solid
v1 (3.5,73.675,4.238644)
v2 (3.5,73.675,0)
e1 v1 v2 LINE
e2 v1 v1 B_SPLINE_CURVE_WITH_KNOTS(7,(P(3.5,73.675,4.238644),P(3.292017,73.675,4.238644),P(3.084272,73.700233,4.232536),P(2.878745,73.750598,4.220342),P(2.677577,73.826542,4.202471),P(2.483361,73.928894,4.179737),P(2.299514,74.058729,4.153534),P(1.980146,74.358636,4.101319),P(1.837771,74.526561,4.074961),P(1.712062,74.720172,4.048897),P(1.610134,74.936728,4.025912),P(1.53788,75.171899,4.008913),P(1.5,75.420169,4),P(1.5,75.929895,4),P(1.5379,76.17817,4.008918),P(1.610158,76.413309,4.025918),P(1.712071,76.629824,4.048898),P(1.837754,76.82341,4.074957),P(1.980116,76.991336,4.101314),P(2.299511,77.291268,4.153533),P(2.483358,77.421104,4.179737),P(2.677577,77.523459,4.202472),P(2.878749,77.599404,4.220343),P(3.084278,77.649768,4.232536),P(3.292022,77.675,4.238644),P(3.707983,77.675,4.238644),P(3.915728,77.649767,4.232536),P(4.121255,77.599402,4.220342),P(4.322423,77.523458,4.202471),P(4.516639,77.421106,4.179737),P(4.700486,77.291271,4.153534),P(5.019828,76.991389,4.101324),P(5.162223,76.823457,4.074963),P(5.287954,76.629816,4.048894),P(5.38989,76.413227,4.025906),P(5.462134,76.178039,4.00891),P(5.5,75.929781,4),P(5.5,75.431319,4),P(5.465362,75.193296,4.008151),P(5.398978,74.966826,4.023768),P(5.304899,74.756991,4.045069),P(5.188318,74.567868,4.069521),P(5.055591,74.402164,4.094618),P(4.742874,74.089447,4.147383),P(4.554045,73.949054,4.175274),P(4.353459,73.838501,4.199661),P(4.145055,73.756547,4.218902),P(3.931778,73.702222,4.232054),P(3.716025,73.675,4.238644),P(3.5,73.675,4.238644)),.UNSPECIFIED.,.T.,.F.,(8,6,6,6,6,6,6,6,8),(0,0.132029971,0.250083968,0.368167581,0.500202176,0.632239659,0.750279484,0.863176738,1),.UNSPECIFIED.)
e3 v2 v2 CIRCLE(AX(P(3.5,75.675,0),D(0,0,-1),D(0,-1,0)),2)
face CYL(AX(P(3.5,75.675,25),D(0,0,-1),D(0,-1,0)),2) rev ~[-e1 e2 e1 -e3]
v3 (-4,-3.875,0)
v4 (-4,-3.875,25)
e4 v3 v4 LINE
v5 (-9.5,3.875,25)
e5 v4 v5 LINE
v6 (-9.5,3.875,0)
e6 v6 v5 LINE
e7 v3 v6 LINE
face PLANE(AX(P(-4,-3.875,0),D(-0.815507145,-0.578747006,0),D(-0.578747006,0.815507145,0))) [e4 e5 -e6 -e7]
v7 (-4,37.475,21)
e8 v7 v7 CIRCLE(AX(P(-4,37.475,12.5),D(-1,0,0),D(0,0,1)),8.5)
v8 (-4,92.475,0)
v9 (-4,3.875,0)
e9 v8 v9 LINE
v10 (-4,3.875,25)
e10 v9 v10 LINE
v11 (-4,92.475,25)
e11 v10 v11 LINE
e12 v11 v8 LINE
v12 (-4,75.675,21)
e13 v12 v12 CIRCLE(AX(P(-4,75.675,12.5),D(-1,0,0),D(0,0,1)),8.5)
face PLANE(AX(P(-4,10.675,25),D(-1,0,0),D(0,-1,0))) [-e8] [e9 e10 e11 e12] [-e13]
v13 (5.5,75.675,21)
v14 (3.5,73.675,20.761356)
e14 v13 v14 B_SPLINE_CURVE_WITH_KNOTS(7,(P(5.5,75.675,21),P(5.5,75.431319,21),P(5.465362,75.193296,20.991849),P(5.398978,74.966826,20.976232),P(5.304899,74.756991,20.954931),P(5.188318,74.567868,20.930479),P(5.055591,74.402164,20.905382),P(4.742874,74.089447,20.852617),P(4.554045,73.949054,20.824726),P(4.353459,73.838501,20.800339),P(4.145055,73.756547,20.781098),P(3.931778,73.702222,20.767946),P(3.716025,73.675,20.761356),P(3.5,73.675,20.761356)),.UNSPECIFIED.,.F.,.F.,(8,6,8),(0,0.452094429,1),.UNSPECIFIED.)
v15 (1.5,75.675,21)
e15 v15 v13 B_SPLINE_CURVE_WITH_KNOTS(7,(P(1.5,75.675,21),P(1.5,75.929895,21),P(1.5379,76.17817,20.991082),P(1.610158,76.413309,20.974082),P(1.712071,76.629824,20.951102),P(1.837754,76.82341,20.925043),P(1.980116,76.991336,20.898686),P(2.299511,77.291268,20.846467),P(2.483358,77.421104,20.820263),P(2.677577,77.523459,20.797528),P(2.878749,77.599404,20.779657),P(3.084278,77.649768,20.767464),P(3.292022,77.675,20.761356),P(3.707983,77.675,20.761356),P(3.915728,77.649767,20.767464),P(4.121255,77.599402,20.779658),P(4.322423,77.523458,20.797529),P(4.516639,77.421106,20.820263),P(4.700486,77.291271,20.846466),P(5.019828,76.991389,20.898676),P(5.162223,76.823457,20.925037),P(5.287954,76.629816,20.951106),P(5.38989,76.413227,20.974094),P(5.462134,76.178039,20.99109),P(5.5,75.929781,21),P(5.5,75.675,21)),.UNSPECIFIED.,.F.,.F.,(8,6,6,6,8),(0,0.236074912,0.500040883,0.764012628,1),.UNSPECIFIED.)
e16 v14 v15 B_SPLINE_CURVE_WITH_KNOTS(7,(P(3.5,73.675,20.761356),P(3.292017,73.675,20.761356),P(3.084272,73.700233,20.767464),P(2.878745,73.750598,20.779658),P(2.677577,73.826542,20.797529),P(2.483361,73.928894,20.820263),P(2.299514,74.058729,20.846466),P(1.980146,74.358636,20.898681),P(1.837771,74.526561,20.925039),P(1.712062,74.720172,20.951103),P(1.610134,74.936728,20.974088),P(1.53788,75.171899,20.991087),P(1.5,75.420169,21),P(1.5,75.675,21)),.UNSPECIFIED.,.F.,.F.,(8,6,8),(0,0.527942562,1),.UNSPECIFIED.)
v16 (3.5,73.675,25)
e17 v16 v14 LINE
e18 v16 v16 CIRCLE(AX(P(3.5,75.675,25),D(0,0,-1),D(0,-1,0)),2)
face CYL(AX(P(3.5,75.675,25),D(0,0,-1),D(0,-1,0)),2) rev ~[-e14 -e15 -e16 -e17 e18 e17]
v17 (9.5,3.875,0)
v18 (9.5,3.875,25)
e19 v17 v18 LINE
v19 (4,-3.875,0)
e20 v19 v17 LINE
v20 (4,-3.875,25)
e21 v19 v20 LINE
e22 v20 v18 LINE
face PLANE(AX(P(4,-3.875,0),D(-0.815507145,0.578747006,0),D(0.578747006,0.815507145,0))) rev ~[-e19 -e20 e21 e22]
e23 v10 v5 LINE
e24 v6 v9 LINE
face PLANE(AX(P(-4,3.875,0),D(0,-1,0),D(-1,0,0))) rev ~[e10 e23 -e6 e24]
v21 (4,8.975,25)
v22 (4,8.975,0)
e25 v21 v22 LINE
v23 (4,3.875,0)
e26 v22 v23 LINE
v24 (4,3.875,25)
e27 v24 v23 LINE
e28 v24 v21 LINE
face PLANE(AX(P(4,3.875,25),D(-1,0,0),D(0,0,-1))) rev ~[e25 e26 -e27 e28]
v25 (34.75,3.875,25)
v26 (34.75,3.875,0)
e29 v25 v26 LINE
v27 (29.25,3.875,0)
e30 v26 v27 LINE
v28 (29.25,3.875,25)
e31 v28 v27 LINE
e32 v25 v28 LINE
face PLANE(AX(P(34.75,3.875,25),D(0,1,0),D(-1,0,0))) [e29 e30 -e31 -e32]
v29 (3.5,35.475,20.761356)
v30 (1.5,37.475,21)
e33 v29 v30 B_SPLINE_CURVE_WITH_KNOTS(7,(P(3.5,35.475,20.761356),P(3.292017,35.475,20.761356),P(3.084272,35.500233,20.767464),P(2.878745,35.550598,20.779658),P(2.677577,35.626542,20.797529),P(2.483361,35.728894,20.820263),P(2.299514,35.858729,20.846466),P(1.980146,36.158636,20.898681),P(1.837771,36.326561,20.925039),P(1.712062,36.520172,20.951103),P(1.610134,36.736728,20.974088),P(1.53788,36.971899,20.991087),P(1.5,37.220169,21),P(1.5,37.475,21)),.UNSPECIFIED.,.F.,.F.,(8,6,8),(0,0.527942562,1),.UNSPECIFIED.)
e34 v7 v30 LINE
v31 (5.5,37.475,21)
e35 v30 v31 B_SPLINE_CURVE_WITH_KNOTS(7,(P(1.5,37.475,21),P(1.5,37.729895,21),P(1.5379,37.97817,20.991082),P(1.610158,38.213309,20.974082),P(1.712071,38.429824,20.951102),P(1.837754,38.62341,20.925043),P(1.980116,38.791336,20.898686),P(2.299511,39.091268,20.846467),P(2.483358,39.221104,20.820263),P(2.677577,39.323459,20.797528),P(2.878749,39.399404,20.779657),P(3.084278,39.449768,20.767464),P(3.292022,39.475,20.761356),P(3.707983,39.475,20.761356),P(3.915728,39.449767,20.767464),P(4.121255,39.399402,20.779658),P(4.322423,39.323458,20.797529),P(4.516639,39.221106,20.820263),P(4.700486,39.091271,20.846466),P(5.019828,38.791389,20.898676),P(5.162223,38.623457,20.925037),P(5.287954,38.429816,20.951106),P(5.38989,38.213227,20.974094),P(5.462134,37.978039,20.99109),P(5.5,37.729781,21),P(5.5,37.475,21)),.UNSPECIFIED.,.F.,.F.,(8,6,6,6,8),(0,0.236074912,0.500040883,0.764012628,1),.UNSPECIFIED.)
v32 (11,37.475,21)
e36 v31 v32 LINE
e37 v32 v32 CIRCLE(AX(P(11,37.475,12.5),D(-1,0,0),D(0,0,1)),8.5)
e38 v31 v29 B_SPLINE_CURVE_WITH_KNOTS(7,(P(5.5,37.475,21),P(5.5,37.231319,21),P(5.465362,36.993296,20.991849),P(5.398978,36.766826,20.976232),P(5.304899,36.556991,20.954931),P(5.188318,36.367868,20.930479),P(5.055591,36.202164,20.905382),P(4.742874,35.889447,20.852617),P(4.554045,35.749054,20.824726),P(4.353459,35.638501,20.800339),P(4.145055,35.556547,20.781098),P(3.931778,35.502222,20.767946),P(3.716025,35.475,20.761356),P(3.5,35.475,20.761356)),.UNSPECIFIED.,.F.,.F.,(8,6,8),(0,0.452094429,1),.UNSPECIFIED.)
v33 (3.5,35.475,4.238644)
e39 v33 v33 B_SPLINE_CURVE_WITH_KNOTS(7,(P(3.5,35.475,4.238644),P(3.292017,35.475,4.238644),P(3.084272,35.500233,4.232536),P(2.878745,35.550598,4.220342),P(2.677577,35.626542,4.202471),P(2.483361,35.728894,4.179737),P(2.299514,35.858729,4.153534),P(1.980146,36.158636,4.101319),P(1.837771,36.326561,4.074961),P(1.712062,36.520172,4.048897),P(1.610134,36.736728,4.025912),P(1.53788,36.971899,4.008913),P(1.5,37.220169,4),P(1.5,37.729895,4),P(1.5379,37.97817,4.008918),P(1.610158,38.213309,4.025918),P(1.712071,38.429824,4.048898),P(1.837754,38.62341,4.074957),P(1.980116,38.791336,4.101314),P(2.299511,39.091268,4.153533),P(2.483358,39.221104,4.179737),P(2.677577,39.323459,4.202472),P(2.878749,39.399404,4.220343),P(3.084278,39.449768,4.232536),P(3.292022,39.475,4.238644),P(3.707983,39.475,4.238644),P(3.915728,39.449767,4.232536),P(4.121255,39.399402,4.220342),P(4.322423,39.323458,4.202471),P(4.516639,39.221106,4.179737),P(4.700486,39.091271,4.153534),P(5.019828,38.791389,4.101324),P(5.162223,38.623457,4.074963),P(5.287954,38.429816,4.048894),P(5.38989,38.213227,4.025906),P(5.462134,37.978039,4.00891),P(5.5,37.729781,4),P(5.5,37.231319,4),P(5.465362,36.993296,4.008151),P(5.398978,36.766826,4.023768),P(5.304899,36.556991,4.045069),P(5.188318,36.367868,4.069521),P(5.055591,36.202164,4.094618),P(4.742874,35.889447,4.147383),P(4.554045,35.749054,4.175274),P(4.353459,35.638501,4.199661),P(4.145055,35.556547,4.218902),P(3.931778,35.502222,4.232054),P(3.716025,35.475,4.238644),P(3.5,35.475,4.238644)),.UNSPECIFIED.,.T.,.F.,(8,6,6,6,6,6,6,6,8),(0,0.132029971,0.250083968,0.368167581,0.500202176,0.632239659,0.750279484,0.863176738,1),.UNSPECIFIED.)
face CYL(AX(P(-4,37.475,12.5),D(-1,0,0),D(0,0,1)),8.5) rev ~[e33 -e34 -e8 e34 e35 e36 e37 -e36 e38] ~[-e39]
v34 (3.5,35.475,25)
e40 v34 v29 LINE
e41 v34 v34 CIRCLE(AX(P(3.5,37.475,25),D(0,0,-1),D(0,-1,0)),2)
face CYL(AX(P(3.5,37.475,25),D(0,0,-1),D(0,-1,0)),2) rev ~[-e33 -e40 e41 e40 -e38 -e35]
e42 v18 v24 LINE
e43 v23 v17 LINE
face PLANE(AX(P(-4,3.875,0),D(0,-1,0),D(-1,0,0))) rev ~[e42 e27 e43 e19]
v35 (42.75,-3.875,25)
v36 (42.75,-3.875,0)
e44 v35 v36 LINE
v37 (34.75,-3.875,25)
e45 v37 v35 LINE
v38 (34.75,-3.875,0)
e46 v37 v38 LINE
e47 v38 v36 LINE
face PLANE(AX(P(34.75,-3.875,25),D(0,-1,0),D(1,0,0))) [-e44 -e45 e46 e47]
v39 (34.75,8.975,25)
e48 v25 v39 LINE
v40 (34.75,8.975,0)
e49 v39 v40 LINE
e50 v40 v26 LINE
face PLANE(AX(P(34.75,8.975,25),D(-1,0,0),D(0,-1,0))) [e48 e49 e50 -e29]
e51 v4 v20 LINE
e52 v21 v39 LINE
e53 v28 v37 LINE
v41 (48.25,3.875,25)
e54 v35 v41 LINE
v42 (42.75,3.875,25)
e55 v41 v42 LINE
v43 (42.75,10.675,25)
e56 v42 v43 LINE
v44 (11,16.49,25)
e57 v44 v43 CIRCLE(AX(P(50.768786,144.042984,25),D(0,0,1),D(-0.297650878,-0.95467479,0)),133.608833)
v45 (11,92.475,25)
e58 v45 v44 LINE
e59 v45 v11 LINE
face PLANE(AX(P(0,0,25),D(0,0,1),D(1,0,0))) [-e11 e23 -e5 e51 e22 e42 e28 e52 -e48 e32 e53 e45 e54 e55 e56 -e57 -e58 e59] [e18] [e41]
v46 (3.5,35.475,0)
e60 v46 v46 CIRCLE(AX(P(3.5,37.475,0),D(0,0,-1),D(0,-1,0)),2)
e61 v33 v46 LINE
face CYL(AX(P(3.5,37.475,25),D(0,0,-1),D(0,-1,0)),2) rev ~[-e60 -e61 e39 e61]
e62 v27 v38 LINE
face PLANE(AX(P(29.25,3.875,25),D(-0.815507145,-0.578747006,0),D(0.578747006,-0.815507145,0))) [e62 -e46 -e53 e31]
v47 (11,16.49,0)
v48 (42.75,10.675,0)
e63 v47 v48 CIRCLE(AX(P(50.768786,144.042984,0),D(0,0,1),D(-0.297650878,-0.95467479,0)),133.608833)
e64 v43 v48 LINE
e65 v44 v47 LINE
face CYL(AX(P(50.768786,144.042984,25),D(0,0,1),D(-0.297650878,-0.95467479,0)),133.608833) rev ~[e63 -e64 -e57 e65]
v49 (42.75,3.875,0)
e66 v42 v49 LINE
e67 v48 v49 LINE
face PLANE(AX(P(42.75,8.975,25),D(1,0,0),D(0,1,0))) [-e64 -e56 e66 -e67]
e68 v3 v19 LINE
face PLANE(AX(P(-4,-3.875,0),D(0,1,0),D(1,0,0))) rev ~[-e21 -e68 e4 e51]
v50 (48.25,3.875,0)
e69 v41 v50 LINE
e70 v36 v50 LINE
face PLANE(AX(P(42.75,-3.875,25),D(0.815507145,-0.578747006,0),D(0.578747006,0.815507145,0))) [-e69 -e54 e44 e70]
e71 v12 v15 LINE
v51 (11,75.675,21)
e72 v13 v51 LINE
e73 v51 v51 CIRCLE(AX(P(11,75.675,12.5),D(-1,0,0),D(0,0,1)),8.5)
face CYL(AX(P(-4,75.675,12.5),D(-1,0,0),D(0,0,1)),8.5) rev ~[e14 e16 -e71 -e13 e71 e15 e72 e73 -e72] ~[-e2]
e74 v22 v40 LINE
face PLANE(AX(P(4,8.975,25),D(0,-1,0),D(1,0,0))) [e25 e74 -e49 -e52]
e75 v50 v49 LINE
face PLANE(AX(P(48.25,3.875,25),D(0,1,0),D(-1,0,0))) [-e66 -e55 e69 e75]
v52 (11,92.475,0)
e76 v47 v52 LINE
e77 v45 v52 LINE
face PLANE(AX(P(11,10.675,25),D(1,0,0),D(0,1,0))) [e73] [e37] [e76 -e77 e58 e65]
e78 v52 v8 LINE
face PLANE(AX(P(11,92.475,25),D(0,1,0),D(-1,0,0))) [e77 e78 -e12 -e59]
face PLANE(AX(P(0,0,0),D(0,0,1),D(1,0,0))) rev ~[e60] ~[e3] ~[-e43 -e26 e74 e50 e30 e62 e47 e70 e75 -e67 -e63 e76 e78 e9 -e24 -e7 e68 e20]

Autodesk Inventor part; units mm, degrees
ref_plane "YZ Plane" through (0, 0, 0) normal (1, 0, 0) x (0, 1, 0)
ref_plane "XZ Plane" through (0, 0, 0) normal (0, 1, 0) x (-1, 0, 0)
ref_plane "XY Plane" through (0, 0, 0) normal (0, 0, 1) x (1, 0, 0)
sketch "Sketch1" plane through (0, 0, 0) normal (0, 0, 1) x (1, 0, 0)
  line L0 (4, 3.875) -> (-4, 3.875)
  line L1 (-4, 3.875) -> (-4, -3.875)
  line L2 (-4, -3.875) -> (4, -3.875)
  line L3 (4, -3.875) -> (4, 3.875)
  line L4 (4, 3.875) -> (-4, -3.875) construction
  line L5 (-4, 3.875) -> (4, -3.875) construction
  line L6 (4, 3.875) -> (9.5, 3.875)
  line L7 (-4, 3.875) -> (-9.5, 3.875)
  line L8 (4, -3.875) -> (9.5, 3.875)
  line L9 (-4, -3.875) -> (-9.5, 3.875)
  point P0 (0, 0)
  point P1 (0, 3.875)
  dimension "d0" = 8
  dimension "d1" = 7.75
  dimension "d2" = 9.5
  dimension "d3" = 9.5
extrude "Extrusion1" add sketch "Sketch1" along normal blind 25
sketch "Sketch2" plane through (-9.5, 3.875, 0) normal (0, 1, 0) x (1, 0, 0)
  line L0 (0, 0) -> (5.5, 0) projected
  line L1 (5.5, -25) -> (13.5, -25) projected
  line L2 (5.5, 0) -> (5.5, -25)
  line L3 (5.5, -25) -> (13.5, -25)
  line L4 (13.5, 0) -> (19, 0) projected
  line L5 (13.5, -25) -> (13.5, 0)
  line L6 (5.5, 0) -> (13.5, 0) projected
  line L7 (13.5, 0) -> (5.5, 0)
  point P0 (9.5, 0)
  dimension "d6" = 8
extrude "Extrusion2" add sketch "Sketch2" along normal blind 5
sketch "Sketch3" plane through (0, 0, 25) normal (0, 0, 1) x (1, 0, 0)
  line L0 (0, 0) -> (14.2258, 0)
  line L1 (-4, -3.875) -> (4, -3.875) projected
  line L2 (4, -3.875) -> (9.5, 3.875) projected
  line L3 (4, -3.875) -> (9.5, 3.875)
  line L4 (9.5, 3.875) -> (4, 3.875)
  line L5 (4, 3.875) -> (4, 8.875) projected
  line L6 (4, 3.875) -> (4, 8.875)
  line L7 (-4, 3.875) -> (-4, 8.875) projected
  line L8 (4, 8.875) -> (-4, 8.875)
  line L9 (-4, 8.875) -> (-4, 3.875)
  line L10 (-4, 3.875) -> (-9.5, 3.875) projected
  line L11 (-4, 3.875) -> (-9.5, 3.875)
  line L12 (-9.5, 3.875) -> (-4, -3.875)
  line L13 (42.75, -3.875) -> (48.25, 3.875)
  line L14 (48.25, 3.875) -> (42.75, 3.875)
  line L15 (42.75, 3.875) -> (42.75, 8.875)
  line L16 (42.75, 8.875) -> (34.75, 8.875)
  line L17 (34.75, 8.875) -> (34.75, 3.875)
  line L18 (34.75, 3.875) -> (29.25, 3.875)
  line L19 (29.25, 3.875) -> (34.75, -3.875)
  line L20 (34.75, -3.875) -> (42.75, -3.875)
  line L21 (34.75, 8.875) -> (42.75, 8.875)
  line L22 (42.75, 8.875) -> (42.75, 8.975)
  line L23 (42.75, 8.975) -> (34.75, 8.975)
  line L24 (34.75, 8.975) -> (34.75, 8.875)
  line L25 (4, 8.875) -> (-4, 8.875)
  line L26 (-4, 8.875) -> (-4, 8.975)
  line L27 (-4, 8.975) -> (4, 8.975)
  line L28 (4, 8.975) -> (4, 8.875)
  line L29 (-4, 8.975) -> (42.75, 8.975)
  line L30 (42.75, 8.975) -> (42.75, 10.675)
  line L31 (42.75, 10.675) -> (-4, 10.675)
  line L32 (-4, 10.675) -> (-4, 8.975)
  point P0 (6.75, 0)
  point P1 (38.75, 0)
  point P2 (52.9758, 0)
  point P3 (45.5, 0)
  dimension "d9" = 6.75
  dimension "d12" = 38.75
  dimension "d19" = 1.7
  dimension "d22" = 0.1
extrude "Extrusion3" add sketch "Sketch3" against normal blind 25 contours L26 L27 L28 L8 | L23 L22 L16 L24 | L16 L15 L14 L13 L20 L19 L18 L17
extrude "Extrusion4" add sketch "Sketch3" against normal blind 25 contours L32 L31 L30 L23 L29 L27
sketch "Sketch4" plane through (0, 0, 25) normal (0, 0, 1) x (1, 0, 0)
  line L0 (42.75, 10.675) -> (-4, 10.675) projected
  line L1 (-4, 10.675) -> (42.75, 10.675)
  line L2 (42.75, 10.675) -> (42.75, 92.475)
  line L3 (42.75, 92.475) -> (-4, 92.475)
  line L4 (-4, 92.475) -> (-4, 10.675)
  line L5 (-4, 10.675) -> (11, 10.675)
  line L6 (11, 10.675) -> (11, 92.475)
  line L7 (11, 92.475) -> (-4, 92.475)
  line L8 (-4, 92.475) -> (-4, 10.675)
  line L9 (78.9241, 46.475) -> (-27.5343, 46.475)
  line L10 (-27.5343, 46.475) -> (-27.5343, 66.675)
  line L11 (-27.5343, 66.675) -> (78.9241, 66.675)
  line L12 (78.9241, 66.675) -> (78.9241, 46.475)
  line L13 (4, 8.975) -> (34.75, 8.975) projected
  line L14 (-36.8215, 45.475) -> (107.9586, 45.475)
  line L15 (107.9586, 45.475) -> (107.9586, 29.475)
  line L16 (107.9586, 29.475) -> (-36.8215, 29.475)
  line L17 (-36.8215, 29.475) -> (-36.8215, 45.475)
  line L18 (-39.8107, 67.675) -> (114.95, 67.675)
  line L19 (114.95, 67.675) -> (114.95, 83.675)
  line L20 (114.95, 83.675) -> (-39.8107, 83.675)
  line L21 (-39.8107, 83.675) -> (-39.8107, 67.675)
  point P0 (0, 0)
  dimension "d23" = 81.8
  dimension "d24" = 15
  dimension "d25" = 37.5
  dimension "d26" = 20.2
  dimension "d27" = 16
  dimension "d28" = 18.8
  dimension "d29" = 16
  dimension "d30" = 1
  dimension "d31" = 1
  dimension "d36" = 8.8
  dimension "d37" = 47
extrude "Extrusion5" add sketch "Sketch4" against normal blind 25 contours L0 L4 L16 L6 | L16 L4 L14 L6 | L14 L4 L9 L6 | L9 L4 L11 L6 | L11 L4 L18 L6 | L18 L4 L20 L6 | L20 L4 L3 L6
sketch "Sketch5" plane through (0, 0, 25) normal (0, 0, 1) x (1, 0, 0)
  line L0 (11, 92.475) -> (11, 10.675) projected
  line L1 (42.75, 10.675) -> (42.75, 3.875) projected
  arc A0 (11, 16.49) -> (42.75, 10.675) centre (50.7681, 144.0402) ccw
  line L2 (11, 16.49) -> (11, 10.675)
  line L3 (11, 10.675) -> (42.75, 10.675) projected
  line L4 (42.75, 10.675) -> (11, 10.675)
  line L5 (34.75, 8.975) -> (4, 8.975) projected
  point P0 (0, 0)
extrude "Extrusion6" add sketch "Sketch5" against normal blind 25
sketch "Sketch6" plane through (-4, 3.875, 0) normal (-1, 0, 0) x (0, 0, 1)
  line L0 (25, 88.6) -> (0, 88.6) projected
  line L1 (25, 0) -> (25, 88.6) projected
  circle A0 centre (12.5, 71.8) radius 8.5
  circle A1 centre (12.5, 33.6) radius 8.5
  point P0 (0, -3.875)
  dimension "d38" = 16.8
  dimension "d39" = 12.5
  dimension "d40" = 17
  dimension "d41" = 55
  dimension "d42" = 17
extrude "Extrusion7" cut sketch "Sketch6" against normal blind 25
sketch "Sketch7" plane through (0, 0, 25) normal (0, 0, 1) x (1, 0, 0)
  line L0 (11, 16.49) -> (11, 92.475) projected
  line L1 (11, 92.475) -> (-4, 92.475) projected
  point P0 (0, 0)
  point P1 (3.5, 75.675)
  point P2 (3.5, 92.475)
  point P3 (3.5, 37.475)
  dimension "d45" = 7.5
  dimension "d46" = 16.8
  dimension "d47" = 55
hole "Hole1" at (3.5, 37.475, 25) at (3.5, 75.675, 25) direction (0, 0, -1) diameter 4 end through all
